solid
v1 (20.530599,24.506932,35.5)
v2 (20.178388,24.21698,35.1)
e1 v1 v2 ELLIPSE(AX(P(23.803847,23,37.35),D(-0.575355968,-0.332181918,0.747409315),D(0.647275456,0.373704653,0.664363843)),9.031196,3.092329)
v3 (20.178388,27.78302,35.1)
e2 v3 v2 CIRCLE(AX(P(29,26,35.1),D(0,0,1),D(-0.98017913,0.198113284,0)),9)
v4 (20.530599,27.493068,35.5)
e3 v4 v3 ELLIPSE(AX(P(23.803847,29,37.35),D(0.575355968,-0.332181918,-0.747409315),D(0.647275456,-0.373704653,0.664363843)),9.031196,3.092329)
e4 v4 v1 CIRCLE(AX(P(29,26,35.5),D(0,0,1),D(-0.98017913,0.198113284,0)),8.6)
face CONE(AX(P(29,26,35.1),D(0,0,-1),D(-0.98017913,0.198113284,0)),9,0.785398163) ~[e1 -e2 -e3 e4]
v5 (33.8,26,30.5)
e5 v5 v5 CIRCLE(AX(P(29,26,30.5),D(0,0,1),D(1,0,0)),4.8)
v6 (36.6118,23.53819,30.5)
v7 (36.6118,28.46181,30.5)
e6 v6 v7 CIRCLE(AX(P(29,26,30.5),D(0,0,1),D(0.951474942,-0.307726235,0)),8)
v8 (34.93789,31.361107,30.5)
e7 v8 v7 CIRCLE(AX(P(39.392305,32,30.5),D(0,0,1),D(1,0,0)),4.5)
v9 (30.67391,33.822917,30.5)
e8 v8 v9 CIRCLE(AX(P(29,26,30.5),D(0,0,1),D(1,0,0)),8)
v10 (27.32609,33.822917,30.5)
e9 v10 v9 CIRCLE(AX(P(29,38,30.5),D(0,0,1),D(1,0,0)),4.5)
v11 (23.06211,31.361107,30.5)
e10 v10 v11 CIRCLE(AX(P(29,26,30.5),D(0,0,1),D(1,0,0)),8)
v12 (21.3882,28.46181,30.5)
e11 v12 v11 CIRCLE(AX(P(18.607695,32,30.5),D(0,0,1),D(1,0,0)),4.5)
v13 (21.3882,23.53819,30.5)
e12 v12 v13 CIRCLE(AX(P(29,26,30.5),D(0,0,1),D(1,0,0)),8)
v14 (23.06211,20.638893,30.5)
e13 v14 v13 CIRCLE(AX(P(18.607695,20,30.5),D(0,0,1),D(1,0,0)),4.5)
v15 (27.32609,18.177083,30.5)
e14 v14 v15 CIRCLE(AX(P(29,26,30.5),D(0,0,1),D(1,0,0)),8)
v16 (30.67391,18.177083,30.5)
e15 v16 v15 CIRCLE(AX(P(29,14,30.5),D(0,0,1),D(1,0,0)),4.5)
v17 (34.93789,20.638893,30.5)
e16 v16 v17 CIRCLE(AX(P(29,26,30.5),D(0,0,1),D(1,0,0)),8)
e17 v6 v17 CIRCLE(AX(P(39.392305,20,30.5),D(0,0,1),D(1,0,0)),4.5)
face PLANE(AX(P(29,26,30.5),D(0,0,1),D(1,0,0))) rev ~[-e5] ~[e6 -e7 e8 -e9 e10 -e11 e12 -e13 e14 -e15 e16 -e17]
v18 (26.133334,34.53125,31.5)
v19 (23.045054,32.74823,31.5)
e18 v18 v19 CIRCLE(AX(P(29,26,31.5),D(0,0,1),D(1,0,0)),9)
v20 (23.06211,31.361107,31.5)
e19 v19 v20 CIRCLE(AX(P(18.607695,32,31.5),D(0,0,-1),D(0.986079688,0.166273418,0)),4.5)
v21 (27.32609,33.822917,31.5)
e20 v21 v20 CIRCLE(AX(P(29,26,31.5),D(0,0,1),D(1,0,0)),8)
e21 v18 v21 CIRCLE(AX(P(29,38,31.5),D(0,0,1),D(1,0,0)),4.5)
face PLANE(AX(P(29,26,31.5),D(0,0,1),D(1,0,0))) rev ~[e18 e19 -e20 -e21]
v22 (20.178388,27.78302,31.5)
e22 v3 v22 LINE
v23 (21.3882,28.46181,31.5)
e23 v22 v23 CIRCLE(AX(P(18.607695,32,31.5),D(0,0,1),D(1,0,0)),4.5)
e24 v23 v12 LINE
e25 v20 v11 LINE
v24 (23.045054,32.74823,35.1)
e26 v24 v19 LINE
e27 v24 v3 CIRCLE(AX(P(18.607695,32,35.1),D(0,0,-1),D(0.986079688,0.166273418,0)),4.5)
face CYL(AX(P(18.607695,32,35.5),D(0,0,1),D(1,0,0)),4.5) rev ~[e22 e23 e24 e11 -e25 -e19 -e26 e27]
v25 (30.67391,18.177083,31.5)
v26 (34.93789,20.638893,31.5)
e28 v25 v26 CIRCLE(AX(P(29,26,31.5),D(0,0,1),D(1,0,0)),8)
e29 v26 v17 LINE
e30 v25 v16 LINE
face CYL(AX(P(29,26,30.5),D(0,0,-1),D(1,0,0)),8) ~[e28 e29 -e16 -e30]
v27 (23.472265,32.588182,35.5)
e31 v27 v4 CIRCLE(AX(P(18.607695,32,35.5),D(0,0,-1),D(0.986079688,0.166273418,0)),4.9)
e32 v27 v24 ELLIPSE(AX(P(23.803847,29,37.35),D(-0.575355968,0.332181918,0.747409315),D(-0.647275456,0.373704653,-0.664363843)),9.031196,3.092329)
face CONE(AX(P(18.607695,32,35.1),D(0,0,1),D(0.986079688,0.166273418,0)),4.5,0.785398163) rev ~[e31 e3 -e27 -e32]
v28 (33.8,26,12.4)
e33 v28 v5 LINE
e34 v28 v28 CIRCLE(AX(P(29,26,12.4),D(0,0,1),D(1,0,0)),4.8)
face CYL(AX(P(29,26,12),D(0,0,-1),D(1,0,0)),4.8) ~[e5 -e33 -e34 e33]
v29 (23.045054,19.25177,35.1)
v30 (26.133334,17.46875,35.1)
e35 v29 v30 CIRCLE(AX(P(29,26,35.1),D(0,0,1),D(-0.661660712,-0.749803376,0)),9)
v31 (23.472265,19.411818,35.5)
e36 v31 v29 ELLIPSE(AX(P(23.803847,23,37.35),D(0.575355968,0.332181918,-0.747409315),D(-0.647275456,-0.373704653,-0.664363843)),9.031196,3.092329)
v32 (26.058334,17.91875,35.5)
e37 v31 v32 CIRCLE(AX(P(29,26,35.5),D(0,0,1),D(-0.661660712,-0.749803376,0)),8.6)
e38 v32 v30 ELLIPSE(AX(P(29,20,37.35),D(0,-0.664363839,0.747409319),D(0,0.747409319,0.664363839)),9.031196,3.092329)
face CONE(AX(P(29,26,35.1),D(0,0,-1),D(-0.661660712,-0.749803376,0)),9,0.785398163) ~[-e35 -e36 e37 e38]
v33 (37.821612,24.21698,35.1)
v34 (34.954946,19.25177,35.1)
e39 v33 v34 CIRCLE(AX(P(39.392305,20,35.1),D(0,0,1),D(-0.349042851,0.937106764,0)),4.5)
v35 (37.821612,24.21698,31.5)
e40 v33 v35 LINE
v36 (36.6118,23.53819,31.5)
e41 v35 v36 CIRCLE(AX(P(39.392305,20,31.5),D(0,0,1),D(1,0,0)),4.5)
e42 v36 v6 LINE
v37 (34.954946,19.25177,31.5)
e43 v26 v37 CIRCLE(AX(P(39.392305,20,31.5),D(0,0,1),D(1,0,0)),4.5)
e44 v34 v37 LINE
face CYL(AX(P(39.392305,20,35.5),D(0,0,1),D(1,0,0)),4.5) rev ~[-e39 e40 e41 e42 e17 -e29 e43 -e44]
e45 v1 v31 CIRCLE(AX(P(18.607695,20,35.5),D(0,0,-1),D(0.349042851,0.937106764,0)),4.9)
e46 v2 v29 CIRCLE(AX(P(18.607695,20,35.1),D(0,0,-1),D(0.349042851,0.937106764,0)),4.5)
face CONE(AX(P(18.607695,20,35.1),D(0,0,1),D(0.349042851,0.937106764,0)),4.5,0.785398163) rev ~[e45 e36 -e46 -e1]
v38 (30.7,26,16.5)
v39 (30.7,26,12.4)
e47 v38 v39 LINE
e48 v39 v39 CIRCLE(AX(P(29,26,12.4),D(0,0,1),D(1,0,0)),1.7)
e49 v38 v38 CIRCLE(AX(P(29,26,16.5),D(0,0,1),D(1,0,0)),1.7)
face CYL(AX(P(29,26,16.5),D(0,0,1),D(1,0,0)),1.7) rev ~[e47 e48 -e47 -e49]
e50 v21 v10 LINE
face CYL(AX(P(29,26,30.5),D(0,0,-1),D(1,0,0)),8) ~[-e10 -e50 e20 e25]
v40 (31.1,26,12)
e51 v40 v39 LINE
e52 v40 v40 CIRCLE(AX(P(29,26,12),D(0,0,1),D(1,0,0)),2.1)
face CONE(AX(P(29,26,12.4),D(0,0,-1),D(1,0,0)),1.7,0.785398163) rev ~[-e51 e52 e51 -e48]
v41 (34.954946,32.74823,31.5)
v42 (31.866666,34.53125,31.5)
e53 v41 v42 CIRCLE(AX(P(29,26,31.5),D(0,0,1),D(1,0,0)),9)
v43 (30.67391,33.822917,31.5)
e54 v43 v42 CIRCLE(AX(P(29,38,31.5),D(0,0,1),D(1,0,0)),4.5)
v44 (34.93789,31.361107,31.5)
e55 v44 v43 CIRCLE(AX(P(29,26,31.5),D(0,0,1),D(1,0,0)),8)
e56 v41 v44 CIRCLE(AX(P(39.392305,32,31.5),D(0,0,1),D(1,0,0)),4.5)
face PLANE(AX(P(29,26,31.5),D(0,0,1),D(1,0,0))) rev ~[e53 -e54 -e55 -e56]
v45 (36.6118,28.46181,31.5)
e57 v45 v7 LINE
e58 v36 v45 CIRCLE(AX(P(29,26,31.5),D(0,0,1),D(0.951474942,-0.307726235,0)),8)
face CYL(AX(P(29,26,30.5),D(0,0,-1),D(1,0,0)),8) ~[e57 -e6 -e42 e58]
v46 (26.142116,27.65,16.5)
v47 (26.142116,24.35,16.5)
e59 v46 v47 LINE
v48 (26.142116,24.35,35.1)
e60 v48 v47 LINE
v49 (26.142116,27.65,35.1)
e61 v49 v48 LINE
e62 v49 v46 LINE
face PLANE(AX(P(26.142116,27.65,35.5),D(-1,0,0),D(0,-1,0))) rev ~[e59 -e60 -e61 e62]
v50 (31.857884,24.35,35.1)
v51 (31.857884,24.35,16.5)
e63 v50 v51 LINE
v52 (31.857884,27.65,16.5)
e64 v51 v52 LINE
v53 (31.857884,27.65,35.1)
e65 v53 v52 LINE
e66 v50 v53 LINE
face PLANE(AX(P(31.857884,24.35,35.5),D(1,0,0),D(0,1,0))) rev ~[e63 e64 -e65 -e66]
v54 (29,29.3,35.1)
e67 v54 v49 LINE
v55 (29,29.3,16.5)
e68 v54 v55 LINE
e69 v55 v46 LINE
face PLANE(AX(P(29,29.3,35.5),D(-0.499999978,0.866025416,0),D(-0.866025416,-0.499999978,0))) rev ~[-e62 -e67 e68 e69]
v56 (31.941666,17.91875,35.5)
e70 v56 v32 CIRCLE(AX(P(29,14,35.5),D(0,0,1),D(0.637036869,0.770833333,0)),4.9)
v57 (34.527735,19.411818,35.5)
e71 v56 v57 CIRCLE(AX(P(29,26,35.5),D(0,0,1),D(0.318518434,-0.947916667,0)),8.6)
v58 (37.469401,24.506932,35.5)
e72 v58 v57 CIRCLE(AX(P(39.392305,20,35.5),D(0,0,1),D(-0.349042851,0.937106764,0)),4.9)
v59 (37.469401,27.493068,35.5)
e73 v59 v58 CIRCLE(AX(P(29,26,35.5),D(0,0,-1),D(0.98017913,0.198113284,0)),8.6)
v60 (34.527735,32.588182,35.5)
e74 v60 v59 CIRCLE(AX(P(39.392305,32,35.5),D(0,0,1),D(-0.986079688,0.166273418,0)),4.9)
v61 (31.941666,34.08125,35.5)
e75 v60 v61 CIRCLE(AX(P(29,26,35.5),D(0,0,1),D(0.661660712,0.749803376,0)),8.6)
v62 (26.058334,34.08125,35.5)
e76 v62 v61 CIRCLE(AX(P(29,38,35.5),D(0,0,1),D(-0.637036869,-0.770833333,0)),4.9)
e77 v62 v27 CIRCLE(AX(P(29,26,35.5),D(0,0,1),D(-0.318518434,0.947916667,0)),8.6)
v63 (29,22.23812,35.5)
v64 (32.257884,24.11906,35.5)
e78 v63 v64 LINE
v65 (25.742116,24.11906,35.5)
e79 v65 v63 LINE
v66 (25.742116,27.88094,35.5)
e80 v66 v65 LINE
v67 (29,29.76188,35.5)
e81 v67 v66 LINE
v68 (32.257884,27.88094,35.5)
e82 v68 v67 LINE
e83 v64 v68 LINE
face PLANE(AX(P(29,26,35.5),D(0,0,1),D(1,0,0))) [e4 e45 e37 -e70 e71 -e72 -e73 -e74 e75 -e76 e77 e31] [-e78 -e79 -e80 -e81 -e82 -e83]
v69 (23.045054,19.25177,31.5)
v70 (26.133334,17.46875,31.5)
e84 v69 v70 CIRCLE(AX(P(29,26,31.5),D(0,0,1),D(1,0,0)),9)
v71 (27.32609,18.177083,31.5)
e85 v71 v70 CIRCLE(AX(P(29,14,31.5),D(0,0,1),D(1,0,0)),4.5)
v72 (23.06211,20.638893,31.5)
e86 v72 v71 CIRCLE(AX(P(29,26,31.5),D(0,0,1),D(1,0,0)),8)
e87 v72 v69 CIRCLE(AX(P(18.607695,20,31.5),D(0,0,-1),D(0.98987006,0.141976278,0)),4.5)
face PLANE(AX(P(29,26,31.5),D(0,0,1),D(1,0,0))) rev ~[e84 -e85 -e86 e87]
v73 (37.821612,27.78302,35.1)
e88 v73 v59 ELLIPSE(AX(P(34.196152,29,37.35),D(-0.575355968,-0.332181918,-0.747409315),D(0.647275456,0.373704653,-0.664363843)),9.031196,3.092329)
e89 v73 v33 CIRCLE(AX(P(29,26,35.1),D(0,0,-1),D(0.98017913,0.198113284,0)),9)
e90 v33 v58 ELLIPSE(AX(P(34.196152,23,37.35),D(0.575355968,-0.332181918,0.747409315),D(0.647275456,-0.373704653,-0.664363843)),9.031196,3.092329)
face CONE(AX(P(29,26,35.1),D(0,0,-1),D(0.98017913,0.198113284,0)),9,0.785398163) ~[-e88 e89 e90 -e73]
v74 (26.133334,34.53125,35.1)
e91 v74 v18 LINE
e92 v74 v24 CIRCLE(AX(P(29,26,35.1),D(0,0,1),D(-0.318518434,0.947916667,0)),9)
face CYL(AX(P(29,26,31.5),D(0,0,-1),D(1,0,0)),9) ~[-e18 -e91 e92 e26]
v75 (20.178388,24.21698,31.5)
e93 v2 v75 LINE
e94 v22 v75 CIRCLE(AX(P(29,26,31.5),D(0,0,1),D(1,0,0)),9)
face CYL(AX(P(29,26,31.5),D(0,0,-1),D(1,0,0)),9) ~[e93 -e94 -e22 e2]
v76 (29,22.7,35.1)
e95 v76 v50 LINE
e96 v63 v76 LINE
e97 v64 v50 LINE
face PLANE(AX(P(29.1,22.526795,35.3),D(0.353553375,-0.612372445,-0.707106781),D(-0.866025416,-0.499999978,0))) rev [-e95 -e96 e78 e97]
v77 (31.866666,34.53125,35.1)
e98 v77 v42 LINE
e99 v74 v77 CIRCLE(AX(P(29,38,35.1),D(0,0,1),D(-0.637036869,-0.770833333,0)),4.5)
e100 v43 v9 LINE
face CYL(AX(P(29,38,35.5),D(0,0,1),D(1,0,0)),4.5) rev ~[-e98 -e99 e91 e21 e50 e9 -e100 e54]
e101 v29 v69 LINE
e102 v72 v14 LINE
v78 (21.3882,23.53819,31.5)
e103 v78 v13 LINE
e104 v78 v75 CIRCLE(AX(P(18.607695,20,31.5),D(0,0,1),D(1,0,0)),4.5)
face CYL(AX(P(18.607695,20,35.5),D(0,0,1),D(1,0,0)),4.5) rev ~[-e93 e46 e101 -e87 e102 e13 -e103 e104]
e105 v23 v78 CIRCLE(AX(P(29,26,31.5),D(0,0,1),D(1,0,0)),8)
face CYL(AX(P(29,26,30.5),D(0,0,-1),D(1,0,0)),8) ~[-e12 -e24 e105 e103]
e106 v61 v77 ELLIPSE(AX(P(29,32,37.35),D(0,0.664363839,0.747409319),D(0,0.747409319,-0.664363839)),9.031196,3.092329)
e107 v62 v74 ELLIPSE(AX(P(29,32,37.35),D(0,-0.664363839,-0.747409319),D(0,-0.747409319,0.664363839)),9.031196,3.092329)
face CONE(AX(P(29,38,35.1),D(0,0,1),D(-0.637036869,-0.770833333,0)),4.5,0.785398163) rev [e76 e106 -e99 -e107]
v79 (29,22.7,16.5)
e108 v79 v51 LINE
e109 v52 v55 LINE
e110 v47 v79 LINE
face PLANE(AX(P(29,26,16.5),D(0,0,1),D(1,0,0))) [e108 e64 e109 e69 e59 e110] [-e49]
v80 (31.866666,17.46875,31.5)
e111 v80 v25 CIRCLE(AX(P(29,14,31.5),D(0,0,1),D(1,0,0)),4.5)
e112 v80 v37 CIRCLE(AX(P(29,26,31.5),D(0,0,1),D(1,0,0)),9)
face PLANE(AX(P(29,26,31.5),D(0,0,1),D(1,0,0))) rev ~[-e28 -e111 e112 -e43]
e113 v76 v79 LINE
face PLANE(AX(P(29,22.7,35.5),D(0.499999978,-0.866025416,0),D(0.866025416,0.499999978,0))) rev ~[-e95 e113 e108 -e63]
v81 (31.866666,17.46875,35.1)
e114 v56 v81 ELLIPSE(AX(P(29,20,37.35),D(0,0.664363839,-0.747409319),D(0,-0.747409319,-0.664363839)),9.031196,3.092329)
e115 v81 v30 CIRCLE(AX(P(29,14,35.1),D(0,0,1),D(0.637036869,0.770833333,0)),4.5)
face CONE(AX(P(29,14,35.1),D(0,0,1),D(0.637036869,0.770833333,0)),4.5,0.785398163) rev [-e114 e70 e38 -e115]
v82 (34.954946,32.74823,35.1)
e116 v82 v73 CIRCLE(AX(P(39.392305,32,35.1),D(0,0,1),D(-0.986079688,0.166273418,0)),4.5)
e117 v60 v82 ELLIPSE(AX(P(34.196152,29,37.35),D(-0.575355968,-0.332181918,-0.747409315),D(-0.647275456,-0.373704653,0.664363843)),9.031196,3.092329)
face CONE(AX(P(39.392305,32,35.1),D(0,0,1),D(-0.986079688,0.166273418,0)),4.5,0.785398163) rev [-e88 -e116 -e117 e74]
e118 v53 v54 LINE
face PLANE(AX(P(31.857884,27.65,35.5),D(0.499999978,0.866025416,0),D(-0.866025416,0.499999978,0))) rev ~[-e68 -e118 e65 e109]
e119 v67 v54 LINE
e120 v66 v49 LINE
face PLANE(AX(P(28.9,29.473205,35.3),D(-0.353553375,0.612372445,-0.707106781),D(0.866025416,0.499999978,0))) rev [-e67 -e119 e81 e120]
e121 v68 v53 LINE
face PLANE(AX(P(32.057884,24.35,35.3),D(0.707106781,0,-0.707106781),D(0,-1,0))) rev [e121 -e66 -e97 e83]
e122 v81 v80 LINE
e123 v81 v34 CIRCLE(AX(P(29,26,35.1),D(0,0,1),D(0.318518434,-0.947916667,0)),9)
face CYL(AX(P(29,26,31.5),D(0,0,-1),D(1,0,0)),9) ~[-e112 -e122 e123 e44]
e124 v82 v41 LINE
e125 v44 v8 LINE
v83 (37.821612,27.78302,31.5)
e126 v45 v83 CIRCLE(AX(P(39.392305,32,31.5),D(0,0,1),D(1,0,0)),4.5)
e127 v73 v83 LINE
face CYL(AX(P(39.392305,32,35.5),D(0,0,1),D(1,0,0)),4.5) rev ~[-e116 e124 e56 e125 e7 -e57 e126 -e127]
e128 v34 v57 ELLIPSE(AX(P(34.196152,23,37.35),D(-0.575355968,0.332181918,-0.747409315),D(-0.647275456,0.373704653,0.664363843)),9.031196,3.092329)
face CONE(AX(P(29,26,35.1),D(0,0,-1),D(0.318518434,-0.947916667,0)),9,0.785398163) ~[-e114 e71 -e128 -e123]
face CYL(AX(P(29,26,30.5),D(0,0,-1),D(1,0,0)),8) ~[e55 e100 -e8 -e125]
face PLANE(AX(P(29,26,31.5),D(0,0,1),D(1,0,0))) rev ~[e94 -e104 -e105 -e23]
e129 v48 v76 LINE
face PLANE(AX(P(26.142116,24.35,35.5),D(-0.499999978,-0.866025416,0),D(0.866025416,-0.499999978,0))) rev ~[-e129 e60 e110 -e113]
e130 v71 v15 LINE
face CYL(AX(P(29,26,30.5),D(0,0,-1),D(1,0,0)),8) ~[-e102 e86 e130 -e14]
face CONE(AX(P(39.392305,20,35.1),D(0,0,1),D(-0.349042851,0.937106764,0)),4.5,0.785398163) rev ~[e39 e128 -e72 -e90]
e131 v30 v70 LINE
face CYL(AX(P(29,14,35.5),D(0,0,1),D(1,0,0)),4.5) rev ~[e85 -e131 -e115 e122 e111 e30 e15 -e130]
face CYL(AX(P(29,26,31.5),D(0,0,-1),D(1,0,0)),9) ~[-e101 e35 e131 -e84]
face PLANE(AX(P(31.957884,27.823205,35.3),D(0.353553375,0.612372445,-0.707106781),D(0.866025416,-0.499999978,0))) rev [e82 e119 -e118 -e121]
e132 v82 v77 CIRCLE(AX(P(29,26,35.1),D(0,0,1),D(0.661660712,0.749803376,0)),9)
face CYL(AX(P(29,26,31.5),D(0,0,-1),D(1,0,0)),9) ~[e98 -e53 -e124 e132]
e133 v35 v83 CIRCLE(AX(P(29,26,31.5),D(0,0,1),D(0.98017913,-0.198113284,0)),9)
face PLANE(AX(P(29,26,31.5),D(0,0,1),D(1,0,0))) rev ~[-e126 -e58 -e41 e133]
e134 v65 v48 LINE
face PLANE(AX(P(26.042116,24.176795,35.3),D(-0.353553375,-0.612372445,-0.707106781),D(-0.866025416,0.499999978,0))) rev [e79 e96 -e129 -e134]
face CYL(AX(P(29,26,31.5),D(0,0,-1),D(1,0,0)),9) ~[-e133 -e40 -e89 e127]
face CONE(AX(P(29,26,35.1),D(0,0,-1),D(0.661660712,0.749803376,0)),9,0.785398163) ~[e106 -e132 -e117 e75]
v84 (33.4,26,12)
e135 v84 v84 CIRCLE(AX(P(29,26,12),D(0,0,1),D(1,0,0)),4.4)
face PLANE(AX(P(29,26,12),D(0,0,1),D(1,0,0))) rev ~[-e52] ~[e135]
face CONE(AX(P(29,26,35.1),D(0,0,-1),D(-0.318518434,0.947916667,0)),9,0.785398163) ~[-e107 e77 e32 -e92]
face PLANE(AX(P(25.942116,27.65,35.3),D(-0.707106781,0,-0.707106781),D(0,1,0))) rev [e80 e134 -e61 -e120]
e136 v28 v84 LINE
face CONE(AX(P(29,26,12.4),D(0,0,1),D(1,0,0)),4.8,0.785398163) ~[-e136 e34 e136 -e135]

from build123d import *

# Parameters (mm, degrees)
SKETCH028_R              = 4.8
PAD006_DEPTH             = 18.5
SKETCH029_R              = 8
PAD007_DEPTH             = 1
SKETCH030_R              = 9
PAD008_DEPTH             = 4
SKETCH031_R              = 4.5
POCKET022_DEPTH          = 5
POCKET023_DEPTH          = 19
CHAMFER013004014012_SIZE = 0.4
SKETCH033_R              = 1.7
POCKET024_DEPTH          = 4.501
CHAMFER013004014013_SIZE = 0.4


with BuildPart() as part:
    # Sketch028 → Pad006 (new body)
    with BuildSketch(Plane.XY):
        Circle(SKETCH028_R)
    extrude(amount=PAD006_DEPTH)

    # Sketch029 (on Face3 of Pad006) → Pad007 (join)
    with BuildSketch(Plane.XY.offset(18.5)):
        Circle(SKETCH029_R)
    extrude(amount=PAD007_DEPTH)

    # Sketch030 (on Face3 of Pad007) → Pad008 (join)
    with BuildSketch(Plane.XY.offset(19.5)):
        Circle(SKETCH030_R)
    extrude(amount=PAD008_DEPTH)

    # Sketch031 (on Face3 of Pad008) → Pocket022 (cut)
    with BuildSketch(Plane.XY.offset(23.5)):
        with Locations((0, 12)):
            Circle(SKETCH031_R)
        with Locations((10.392305, 6)):
            Circle(SKETCH031_R)
        with Locations((10.392305, -6)):
            Circle(SKETCH031_R)
        with Locations((0, -12)):
            Circle(SKETCH031_R)
        with Locations((-10.392305, -6)):
            Circle(SKETCH031_R)
        with Locations((-10.392305, 6)):
            Circle(SKETCH031_R)
    extrude(amount=-POCKET022_DEPTH, mode=Mode.SUBTRACT)

    # Sketch032 (on Face4 of Pocket022) → Pocket023 (cut)
    with BuildSketch(Plane.XY.offset(23.5)):
        Polygon((0, 3.3), (-2.857884, 1.65), (-2.857884, -1.65), (0, -3.3), (2.857884, -1.65), (2.857884, 1.65), align=None)
    extrude(amount=-POCKET023_DEPTH, mode=Mode.SUBTRACT)

    # Chamfer013004014012
    chamfer013004014012_edges = [part.edges().sort_by_distance(p)[0] for p in [
        (8.955292, -0.89596, 23.5),
        (6.495191, -3.75, 23.5),
        (8.955292, 0.89596, 23.5),
        (4.5, -7.794229, 23.5),
        (6.495191, 3.75, 23.5),
        (0, -7.5, 23.5),
        (4.5, 7.794229, 23.5),
        (-4.5, -7.794229, 23.5),
        (0, 7.5, 23.5),
        (-5.907993, -6.375424, 23.5),
        (-4.5, 7.794229, 23.5),
        (-6.696488, -3.432717, 23.5),
        (-5.907993, 6.375424, 23.5),
        (-9, 0, 23.5),
        (-6.696488, 3.432717, 23.5),
        (-1.428942, 2.475, 23.5),
        (-2.857884, 0, 23.5),
        (-1.428942, -2.475, 23.5),
        (1.428942, -2.475, 23.5),
        (2.857884, 0, 23.5),
        (1.428942, 2.475, 23.5),
    ]]
    chamfer(chamfer013004014012_edges, length=CHAMFER013004014012_SIZE)

    # Sketch033 (on Face60 of Chamfer013004014012) → Pocket024 (cut, through all)
    with BuildSketch(Plane.XY.offset(4.5)):
        Circle(SKETCH033_R)
    extrude(amount=-POCKET024_DEPTH, mode=Mode.SUBTRACT)

    # Chamfer013004014013
    chamfer013004014013_edges = [part.edges().sort_by_distance(p)[0] for p in [
        (-4.8, 0, 0),
        (-1.7, 0, 0),
    ]]
    chamfer(chamfer013004014013_edges, length=CHAMFER013004014013_SIZE)


with BuildPart() as part_1:
    # Body002003 placement: moved
    add(part.part.moved(Location((29, 26, 12))))


solid = part_1.part
